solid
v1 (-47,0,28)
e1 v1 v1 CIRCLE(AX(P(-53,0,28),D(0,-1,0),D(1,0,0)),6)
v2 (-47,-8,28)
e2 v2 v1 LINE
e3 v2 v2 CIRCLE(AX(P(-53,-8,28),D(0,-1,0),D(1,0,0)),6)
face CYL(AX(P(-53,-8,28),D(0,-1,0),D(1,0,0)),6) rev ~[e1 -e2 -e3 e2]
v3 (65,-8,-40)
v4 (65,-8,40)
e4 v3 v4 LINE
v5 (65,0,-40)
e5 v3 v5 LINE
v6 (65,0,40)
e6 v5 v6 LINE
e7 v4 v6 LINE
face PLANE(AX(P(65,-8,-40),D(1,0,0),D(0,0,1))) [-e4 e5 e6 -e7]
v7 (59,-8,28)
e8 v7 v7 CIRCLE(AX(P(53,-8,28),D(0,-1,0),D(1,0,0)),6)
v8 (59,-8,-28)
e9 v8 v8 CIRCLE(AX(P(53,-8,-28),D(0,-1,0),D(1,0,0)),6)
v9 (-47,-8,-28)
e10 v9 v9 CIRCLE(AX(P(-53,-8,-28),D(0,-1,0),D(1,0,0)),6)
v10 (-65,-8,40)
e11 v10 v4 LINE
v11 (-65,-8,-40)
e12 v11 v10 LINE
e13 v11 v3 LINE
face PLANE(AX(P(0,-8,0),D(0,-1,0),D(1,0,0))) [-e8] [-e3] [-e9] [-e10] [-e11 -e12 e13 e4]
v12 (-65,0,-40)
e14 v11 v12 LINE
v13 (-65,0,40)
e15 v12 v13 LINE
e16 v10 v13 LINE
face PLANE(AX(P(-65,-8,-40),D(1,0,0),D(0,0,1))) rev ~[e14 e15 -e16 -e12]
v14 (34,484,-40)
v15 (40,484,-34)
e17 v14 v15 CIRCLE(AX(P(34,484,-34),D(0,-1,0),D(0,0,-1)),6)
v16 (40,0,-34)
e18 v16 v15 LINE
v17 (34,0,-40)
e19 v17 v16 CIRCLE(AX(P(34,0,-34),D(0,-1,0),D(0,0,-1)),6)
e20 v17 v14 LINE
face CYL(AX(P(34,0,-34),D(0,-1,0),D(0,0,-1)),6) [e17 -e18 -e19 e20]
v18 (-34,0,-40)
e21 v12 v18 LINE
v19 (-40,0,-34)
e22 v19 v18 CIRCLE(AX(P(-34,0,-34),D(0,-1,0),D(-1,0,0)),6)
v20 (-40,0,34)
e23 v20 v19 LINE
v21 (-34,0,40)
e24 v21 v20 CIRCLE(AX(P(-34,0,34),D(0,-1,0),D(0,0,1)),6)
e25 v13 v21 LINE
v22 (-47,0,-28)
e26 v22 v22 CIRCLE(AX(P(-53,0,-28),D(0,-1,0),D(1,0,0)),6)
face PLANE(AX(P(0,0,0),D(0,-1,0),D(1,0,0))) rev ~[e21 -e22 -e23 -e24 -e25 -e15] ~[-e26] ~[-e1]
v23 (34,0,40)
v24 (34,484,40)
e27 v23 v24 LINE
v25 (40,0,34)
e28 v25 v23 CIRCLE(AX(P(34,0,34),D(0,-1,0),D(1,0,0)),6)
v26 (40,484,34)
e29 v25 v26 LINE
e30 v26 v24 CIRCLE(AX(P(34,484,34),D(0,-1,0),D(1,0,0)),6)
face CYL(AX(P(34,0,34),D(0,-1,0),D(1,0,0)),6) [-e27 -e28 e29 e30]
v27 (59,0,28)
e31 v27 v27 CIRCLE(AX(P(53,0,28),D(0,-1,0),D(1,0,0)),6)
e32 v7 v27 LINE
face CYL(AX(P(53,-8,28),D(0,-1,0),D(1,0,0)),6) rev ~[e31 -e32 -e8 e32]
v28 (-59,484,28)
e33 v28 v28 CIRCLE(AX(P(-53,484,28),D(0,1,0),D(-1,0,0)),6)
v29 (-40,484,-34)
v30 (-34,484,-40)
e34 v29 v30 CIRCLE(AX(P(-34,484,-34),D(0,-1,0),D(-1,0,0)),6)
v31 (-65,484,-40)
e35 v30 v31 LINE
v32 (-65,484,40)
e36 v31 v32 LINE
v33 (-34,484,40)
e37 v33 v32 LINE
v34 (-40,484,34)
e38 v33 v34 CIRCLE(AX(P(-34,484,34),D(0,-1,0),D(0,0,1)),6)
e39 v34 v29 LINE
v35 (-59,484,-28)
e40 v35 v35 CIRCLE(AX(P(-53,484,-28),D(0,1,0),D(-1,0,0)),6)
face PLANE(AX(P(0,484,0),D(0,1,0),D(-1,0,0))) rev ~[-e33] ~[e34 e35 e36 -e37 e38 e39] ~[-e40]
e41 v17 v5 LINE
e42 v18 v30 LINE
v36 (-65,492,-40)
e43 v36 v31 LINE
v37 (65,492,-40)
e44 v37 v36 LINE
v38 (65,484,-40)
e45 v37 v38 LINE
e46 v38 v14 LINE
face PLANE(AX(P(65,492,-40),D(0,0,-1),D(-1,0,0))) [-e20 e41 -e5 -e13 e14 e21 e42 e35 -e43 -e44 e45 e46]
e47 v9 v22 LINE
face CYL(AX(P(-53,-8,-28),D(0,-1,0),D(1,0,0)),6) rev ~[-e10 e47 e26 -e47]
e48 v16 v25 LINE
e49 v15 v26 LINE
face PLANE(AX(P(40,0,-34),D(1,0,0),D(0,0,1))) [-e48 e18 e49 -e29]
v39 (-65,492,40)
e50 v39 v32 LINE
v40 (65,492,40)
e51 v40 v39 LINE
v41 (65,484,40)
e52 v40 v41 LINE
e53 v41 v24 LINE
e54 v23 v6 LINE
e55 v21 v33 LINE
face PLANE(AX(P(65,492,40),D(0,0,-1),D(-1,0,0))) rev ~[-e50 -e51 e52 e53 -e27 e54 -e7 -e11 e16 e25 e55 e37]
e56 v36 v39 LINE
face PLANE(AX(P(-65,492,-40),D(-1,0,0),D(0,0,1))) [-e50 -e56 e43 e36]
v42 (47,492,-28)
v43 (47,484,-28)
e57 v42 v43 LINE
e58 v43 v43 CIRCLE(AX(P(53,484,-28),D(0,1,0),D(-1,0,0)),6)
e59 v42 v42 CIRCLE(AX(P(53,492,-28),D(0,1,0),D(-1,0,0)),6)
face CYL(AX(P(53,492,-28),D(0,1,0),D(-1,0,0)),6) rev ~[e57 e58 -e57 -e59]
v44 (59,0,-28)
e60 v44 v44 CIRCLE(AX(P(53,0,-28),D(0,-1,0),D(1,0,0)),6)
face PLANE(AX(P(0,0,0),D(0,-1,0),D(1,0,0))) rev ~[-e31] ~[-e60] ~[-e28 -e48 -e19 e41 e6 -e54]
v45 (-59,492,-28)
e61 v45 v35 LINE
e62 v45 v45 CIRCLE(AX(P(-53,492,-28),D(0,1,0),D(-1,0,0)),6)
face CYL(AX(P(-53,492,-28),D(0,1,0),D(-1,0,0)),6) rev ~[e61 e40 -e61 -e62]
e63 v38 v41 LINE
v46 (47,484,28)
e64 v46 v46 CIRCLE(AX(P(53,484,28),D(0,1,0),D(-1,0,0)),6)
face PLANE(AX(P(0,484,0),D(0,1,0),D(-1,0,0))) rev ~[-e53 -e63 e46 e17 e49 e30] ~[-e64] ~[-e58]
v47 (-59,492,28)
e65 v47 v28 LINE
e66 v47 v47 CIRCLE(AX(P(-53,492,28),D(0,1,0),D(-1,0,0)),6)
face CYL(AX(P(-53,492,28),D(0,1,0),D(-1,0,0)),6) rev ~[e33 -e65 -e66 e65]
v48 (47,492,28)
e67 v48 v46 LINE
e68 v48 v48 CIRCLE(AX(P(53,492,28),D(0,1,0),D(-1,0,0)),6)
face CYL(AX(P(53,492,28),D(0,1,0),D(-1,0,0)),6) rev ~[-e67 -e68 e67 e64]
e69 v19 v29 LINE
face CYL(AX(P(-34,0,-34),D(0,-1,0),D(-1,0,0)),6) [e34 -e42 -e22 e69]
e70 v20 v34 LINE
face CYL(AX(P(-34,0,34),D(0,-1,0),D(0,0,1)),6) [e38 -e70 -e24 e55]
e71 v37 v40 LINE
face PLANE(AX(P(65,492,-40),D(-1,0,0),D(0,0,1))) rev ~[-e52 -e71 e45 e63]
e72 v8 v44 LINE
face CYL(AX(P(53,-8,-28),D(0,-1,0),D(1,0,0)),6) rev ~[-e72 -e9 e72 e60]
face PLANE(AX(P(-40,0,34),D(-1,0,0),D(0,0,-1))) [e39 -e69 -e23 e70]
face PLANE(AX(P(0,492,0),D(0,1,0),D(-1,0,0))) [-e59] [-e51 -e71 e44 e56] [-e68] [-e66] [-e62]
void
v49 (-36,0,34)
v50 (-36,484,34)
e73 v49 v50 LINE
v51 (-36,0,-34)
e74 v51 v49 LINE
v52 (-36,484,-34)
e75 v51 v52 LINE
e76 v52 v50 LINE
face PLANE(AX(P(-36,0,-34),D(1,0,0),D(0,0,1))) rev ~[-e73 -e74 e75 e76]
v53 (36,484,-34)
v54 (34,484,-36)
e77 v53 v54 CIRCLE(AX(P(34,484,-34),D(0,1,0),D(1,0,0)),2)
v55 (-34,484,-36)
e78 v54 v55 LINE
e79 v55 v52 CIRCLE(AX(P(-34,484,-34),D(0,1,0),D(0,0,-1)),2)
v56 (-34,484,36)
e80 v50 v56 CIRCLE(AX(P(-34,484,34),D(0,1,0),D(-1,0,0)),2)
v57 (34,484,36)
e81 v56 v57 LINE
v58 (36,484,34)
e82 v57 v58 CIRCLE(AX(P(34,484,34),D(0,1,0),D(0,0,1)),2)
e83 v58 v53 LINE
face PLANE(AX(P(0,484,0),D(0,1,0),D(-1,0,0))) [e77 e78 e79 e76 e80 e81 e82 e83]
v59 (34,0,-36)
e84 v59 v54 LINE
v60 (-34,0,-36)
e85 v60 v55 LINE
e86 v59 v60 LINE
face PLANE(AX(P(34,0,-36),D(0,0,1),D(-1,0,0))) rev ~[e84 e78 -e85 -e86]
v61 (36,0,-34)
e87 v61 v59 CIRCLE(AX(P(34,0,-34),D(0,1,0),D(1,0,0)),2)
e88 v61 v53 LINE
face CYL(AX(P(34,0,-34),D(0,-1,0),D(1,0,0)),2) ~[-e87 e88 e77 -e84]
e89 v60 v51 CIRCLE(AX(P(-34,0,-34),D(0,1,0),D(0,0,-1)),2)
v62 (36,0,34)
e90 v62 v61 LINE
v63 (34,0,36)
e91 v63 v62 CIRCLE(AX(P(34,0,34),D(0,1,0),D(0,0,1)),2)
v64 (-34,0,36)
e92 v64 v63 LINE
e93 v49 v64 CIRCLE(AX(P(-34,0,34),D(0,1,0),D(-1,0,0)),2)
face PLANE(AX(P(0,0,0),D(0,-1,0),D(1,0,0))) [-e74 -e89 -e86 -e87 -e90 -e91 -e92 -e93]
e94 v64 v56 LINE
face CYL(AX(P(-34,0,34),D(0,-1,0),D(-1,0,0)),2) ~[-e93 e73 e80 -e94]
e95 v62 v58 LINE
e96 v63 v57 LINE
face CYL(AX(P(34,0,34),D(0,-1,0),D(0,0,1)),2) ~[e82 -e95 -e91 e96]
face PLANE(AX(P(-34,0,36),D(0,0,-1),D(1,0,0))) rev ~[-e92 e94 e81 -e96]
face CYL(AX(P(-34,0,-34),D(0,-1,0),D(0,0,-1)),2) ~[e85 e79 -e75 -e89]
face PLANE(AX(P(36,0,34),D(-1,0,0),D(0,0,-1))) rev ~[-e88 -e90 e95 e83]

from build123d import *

# Parameters (mm, degrees)
F1_DEPTH = 484
F3_W     = 130
F3_H     = 80
F3_R     = 6
F4_DEPTH = 8
F6_W     = 130
F6_H     = 80
F6_R     = 6
F7_DEPTH = 8


with BuildPart() as f1:
    # F0 (on Front) → F1 (new body)
    with BuildSketch(Plane.XZ):
        with BuildLine():
            ThreePointArc((40, 34), (38.2426406871, 38.2426406871), (34, 40))
            Line((34, 40), (-34, 40))
            ThreePointArc((-34, 40), (-38.2426406871, 38.2426406871), (-40, 34))
            Line((-40, 34), (-40, -34))
            ThreePointArc((-40, -34), (-38.2426406871, -38.2426406871), (-34, -40))
            Line((-34, -40), (34, -40))
            ThreePointArc((34, -40), (38.2426406871, -38.2426406871), (40, -34))
            Line((40, -34), (40, 34))
        make_face()
        with BuildLine():
            ThreePointArc((-36, 34), (-35.4142135624, 35.4142135624), (-34, 36))
            Line((-34, 36), (34, 36))
            ThreePointArc((34, 36), (35.4142135624, 35.4142135624), (36, 34))
            Line((36, 34), (36, -34))
            ThreePointArc((36, -34), (35.4142135624, -35.4142135624), (34, -36))
            Line((34, -36), (-34, -36))
            ThreePointArc((-34, -36), (-35.4142135624, -35.4142135624), (-36, -34))
            Line((-36, -34), (-36, 34))
        make_face(mode=Mode.SUBTRACT)
    extrude(amount=-F1_DEPTH)

    # F3 (on offset) → F4 (join)
    with BuildSketch(Plane.XZ.offset(8)):
        Rectangle(F3_W, F3_H)
        with Locations((-53, -28)):
            Circle(F3_R, mode=Mode.SUBTRACT)
        with Locations((53, -28)):
            Circle(F3_R, mode=Mode.SUBTRACT)
        with Locations((-53, 28)):
            Circle(F3_R, mode=Mode.SUBTRACT)
        with Locations((53, 28)):
            Circle(F3_R, mode=Mode.SUBTRACT)
    extrude(amount=-F4_DEPTH)

    # F6 (on offset) → F7 (join)
    with BuildSketch(Plane(origin=(0, 492, 0), x_dir=(-1, 0, 0), z_dir=(0, 1, 0))):
        Rectangle(F6_W, F6_H)
        with Locations((-53, -28)):
            Circle(F6_R, mode=Mode.SUBTRACT)
        with Locations((53, -28)):
            Circle(F6_R, mode=Mode.SUBTRACT)
        with Locations((-53, 28)):
            Circle(F6_R, mode=Mode.SUBTRACT)
        with Locations((53, 28)):
            Circle(F6_R, mode=Mode.SUBTRACT)
    extrude(amount=-F7_DEPTH)


solid = f1.part
